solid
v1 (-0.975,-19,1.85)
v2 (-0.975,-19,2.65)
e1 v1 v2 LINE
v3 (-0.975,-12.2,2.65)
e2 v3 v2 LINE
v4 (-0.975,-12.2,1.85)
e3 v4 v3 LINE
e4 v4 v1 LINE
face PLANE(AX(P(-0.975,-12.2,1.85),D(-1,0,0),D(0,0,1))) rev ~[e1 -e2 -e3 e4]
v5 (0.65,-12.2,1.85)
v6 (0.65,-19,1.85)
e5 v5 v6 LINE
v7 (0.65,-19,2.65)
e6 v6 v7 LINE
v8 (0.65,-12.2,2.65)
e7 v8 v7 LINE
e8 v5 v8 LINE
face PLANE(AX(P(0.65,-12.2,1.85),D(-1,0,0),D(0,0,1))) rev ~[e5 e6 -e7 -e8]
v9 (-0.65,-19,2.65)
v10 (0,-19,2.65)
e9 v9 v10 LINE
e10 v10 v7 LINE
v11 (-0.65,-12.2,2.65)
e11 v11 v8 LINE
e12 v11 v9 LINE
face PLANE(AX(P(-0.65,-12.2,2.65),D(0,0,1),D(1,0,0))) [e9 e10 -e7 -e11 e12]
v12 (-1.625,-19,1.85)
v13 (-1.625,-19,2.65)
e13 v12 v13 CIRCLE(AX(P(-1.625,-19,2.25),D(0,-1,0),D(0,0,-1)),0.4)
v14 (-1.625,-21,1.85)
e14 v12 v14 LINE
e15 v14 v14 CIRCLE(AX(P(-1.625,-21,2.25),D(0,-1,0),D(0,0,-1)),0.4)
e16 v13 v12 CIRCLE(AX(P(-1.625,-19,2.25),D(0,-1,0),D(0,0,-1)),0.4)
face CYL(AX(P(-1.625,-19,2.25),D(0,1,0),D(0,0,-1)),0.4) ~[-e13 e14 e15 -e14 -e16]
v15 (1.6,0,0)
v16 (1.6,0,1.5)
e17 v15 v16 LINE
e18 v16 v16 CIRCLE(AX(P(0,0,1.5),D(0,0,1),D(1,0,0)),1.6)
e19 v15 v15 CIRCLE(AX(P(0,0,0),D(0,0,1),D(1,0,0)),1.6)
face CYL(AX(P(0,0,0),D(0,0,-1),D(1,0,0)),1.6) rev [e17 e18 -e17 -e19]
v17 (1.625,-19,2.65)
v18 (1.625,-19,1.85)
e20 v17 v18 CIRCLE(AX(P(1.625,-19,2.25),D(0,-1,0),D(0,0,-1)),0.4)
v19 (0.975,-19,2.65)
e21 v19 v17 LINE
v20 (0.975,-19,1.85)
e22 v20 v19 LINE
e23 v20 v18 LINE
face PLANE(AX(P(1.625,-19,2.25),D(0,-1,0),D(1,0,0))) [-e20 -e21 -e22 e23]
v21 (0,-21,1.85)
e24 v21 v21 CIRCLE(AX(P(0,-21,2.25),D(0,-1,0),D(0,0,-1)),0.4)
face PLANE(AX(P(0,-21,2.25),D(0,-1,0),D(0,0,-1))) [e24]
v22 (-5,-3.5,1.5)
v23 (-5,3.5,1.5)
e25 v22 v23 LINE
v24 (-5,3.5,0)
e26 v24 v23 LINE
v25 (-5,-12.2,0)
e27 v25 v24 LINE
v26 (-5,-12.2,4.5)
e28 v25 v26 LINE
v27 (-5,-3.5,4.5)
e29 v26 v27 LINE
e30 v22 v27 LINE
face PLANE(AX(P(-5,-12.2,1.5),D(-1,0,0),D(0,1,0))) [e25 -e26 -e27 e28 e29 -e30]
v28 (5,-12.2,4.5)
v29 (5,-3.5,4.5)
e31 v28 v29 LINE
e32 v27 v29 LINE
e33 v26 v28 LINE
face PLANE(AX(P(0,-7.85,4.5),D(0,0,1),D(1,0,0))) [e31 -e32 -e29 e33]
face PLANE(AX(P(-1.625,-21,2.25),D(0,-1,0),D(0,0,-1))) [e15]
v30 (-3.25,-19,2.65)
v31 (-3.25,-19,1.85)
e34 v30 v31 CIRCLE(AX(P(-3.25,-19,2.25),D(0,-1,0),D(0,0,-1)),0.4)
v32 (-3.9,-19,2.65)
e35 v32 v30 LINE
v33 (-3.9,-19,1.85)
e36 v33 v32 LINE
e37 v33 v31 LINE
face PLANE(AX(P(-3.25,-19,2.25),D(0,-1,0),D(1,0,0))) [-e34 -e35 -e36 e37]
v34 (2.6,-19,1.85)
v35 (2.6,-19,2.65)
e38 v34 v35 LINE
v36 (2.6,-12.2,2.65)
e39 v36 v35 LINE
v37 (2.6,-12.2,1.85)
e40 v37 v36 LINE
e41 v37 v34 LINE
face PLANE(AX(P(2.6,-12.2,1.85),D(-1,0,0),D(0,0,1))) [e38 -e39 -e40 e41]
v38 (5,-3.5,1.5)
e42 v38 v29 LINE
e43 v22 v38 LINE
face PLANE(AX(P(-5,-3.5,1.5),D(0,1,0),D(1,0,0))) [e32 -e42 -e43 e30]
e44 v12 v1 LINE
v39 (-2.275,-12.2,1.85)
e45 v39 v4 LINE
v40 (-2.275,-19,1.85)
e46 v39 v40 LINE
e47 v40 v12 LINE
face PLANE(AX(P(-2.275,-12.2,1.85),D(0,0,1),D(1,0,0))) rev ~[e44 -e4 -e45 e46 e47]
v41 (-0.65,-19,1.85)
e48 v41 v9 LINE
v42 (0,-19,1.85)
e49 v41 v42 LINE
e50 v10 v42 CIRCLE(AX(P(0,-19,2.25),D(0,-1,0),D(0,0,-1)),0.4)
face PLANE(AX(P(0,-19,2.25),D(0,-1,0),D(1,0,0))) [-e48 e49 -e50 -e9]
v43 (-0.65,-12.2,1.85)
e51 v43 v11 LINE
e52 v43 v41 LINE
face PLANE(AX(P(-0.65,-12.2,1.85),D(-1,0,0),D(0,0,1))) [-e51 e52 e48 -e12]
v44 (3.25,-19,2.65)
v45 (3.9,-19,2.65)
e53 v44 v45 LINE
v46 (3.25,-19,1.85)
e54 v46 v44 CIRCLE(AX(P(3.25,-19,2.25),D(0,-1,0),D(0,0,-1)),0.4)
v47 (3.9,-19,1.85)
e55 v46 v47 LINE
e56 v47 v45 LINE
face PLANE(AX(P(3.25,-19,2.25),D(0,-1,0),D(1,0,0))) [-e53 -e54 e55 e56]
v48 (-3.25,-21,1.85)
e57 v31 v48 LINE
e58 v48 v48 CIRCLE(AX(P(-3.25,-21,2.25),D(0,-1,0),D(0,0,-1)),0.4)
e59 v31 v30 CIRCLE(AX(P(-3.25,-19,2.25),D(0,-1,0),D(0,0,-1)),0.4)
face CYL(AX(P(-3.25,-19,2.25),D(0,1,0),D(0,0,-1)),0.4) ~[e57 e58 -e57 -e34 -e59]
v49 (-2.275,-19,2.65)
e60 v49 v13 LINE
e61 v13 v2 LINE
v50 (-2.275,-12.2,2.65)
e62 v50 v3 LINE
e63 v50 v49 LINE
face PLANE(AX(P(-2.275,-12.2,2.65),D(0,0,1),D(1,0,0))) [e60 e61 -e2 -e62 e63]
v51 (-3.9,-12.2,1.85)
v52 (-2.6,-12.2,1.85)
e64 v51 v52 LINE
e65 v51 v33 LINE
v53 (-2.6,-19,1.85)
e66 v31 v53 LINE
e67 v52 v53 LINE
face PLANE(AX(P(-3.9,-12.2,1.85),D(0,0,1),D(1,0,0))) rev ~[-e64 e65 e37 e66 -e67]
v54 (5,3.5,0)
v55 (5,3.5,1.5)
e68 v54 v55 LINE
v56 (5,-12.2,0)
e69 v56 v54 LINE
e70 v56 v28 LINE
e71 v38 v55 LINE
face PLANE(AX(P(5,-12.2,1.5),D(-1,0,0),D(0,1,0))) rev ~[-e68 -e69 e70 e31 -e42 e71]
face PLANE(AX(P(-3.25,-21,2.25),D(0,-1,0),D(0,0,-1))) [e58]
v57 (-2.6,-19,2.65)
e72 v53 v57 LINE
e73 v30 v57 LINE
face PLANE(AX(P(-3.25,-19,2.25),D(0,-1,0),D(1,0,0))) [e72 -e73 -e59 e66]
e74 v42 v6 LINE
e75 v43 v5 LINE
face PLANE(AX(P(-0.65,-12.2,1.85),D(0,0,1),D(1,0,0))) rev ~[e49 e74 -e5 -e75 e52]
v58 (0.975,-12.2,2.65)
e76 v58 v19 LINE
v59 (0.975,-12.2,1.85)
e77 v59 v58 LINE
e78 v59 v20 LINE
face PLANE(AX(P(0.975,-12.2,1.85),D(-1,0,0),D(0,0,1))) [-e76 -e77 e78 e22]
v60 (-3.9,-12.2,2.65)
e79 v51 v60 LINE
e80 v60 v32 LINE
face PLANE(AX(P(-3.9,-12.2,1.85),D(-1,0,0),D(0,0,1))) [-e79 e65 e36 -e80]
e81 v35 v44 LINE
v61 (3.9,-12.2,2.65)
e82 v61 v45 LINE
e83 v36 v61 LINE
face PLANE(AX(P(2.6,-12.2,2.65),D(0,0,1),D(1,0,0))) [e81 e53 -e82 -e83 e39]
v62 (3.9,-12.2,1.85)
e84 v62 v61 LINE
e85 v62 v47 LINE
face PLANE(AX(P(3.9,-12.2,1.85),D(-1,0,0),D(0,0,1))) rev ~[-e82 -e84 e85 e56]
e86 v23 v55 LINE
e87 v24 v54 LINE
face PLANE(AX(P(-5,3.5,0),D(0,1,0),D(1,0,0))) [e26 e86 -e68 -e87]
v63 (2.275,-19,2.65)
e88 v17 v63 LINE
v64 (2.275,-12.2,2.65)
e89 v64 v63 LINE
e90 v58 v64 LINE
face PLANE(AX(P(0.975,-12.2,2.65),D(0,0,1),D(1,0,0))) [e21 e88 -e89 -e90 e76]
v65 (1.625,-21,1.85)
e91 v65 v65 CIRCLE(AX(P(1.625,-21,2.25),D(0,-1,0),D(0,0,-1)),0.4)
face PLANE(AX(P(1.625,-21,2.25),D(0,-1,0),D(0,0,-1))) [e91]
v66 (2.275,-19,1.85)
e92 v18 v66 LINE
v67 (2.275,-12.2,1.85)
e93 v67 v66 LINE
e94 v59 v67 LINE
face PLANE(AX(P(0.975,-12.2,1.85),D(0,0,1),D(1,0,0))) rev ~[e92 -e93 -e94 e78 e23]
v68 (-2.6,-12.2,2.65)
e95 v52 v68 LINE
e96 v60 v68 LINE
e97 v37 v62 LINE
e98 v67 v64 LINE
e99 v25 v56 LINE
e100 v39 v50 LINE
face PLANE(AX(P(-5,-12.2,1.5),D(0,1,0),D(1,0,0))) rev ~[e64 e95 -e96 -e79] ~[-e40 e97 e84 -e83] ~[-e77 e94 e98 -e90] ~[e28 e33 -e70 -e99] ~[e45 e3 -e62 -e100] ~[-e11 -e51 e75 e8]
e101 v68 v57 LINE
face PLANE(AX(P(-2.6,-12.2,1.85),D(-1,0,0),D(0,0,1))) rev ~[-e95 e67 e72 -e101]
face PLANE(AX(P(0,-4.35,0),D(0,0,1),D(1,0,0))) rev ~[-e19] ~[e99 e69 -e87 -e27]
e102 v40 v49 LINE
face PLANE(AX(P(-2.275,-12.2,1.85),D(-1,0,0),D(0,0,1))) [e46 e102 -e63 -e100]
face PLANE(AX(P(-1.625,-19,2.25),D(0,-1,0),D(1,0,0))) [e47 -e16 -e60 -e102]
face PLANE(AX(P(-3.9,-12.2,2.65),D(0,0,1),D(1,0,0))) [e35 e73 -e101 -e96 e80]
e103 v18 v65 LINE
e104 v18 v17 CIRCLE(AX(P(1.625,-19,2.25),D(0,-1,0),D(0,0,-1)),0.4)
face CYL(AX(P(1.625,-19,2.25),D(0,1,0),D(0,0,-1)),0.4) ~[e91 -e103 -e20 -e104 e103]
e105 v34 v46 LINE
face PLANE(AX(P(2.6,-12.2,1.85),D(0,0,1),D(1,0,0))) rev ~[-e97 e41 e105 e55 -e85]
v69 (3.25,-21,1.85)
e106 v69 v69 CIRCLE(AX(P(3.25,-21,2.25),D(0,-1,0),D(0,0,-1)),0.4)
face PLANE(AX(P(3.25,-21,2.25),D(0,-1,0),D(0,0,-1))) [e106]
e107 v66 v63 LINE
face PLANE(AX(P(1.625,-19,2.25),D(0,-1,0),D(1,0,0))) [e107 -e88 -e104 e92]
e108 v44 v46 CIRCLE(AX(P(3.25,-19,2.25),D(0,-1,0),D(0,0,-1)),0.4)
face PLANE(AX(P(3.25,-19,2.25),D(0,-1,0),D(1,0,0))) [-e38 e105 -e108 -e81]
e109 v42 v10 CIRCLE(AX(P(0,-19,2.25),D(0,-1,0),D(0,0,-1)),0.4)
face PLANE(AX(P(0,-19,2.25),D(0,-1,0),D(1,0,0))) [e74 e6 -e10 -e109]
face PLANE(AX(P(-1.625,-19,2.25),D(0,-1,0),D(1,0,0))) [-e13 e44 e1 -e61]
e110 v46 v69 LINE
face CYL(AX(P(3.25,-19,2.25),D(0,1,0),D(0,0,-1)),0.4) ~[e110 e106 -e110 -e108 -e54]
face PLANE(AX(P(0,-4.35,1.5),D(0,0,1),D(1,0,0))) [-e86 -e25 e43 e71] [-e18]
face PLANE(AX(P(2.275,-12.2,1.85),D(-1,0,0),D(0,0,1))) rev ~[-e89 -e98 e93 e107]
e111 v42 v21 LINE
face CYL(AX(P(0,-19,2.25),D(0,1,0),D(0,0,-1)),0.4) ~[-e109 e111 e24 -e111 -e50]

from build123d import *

# Parameters (mm, degrees)
SKETCH1_W           = 10
SKETCH1_H           = 15.7
SKETCH1_R           = 1.6
BOSS_EXTRUDE1_DEPTH = 1.5
SKETCH2_W           = 10
SKETCH2_H           = 8.7
BOSS_EXTRUDE2_DEPTH = 3
SKETCH4_W           = 1.3
SKETCH4_H           = 0.8
BOSS_EXTRUDE3_DEPTH = 6.8
SKETCH5_R           = 0.4
BOSS_EXTRUDE4_DEPTH = 2


with BuildPart() as part:
    # Sketch1 → Boss-Extrude1 (new body)
    with BuildSketch(Plane.XY):
        with Locations((0, -4.35)):
            Rectangle(SKETCH1_W, SKETCH1_H)
        Circle(SKETCH1_R, mode=Mode.SUBTRACT)
    extrude(amount=BOSS_EXTRUDE1_DEPTH)

    # Sketch2 → Boss-Extrude2 (add)
    with BuildSketch(Plane.XY.offset(1.5)):
        with Locations((0, -7.85)):
            Rectangle(SKETCH2_W, SKETCH2_H)
    extrude(amount=BOSS_EXTRUDE2_DEPTH)

    # Sketch4 → Boss-Extrude3 (add)
    with BuildSketch(Plane.XZ.offset(12.2)):
        with Locations((-3.25, 2.25)):
            Rectangle(SKETCH4_W, SKETCH4_H)
        with Locations((-1.625, 2.25)):
            Rectangle(SKETCH4_W, SKETCH4_H)
        with Locations((0, 2.25)):
            Rectangle(SKETCH4_W, SKETCH4_H)
        with Locations((1.625, 2.25)):
            Rectangle(SKETCH4_W, SKETCH4_H)
        with Locations((3.25, 2.25)):
            Rectangle(SKETCH4_W, SKETCH4_H)
    extrude(amount=BOSS_EXTRUDE3_DEPTH)

    # Sketch5 → Boss-Extrude4 (add)
    with BuildSketch(Plane.XZ.offset(19)):
        with Locations(Location((-3.25, 2.25, 0), (0, 0, 270))):
            Circle(SKETCH5_R)
        with Locations(Location((-1.625, 2.25, 0), (0, 0, 270))):
            Circle(SKETCH5_R)
        with Locations(Location((0, 2.25, 0), (0, 0, 270))):
            Circle(SKETCH5_R)
        with Locations(Location((1.625, 2.25, 0), (0, 0, 270))):
            Circle(SKETCH5_R)
        with Locations(Location((3.25, 2.25, 0), (0, 0, 270))):
            Circle(SKETCH5_R)
    extrude(amount=BOSS_EXTRUDE4_DEPTH)


solid = part.part
